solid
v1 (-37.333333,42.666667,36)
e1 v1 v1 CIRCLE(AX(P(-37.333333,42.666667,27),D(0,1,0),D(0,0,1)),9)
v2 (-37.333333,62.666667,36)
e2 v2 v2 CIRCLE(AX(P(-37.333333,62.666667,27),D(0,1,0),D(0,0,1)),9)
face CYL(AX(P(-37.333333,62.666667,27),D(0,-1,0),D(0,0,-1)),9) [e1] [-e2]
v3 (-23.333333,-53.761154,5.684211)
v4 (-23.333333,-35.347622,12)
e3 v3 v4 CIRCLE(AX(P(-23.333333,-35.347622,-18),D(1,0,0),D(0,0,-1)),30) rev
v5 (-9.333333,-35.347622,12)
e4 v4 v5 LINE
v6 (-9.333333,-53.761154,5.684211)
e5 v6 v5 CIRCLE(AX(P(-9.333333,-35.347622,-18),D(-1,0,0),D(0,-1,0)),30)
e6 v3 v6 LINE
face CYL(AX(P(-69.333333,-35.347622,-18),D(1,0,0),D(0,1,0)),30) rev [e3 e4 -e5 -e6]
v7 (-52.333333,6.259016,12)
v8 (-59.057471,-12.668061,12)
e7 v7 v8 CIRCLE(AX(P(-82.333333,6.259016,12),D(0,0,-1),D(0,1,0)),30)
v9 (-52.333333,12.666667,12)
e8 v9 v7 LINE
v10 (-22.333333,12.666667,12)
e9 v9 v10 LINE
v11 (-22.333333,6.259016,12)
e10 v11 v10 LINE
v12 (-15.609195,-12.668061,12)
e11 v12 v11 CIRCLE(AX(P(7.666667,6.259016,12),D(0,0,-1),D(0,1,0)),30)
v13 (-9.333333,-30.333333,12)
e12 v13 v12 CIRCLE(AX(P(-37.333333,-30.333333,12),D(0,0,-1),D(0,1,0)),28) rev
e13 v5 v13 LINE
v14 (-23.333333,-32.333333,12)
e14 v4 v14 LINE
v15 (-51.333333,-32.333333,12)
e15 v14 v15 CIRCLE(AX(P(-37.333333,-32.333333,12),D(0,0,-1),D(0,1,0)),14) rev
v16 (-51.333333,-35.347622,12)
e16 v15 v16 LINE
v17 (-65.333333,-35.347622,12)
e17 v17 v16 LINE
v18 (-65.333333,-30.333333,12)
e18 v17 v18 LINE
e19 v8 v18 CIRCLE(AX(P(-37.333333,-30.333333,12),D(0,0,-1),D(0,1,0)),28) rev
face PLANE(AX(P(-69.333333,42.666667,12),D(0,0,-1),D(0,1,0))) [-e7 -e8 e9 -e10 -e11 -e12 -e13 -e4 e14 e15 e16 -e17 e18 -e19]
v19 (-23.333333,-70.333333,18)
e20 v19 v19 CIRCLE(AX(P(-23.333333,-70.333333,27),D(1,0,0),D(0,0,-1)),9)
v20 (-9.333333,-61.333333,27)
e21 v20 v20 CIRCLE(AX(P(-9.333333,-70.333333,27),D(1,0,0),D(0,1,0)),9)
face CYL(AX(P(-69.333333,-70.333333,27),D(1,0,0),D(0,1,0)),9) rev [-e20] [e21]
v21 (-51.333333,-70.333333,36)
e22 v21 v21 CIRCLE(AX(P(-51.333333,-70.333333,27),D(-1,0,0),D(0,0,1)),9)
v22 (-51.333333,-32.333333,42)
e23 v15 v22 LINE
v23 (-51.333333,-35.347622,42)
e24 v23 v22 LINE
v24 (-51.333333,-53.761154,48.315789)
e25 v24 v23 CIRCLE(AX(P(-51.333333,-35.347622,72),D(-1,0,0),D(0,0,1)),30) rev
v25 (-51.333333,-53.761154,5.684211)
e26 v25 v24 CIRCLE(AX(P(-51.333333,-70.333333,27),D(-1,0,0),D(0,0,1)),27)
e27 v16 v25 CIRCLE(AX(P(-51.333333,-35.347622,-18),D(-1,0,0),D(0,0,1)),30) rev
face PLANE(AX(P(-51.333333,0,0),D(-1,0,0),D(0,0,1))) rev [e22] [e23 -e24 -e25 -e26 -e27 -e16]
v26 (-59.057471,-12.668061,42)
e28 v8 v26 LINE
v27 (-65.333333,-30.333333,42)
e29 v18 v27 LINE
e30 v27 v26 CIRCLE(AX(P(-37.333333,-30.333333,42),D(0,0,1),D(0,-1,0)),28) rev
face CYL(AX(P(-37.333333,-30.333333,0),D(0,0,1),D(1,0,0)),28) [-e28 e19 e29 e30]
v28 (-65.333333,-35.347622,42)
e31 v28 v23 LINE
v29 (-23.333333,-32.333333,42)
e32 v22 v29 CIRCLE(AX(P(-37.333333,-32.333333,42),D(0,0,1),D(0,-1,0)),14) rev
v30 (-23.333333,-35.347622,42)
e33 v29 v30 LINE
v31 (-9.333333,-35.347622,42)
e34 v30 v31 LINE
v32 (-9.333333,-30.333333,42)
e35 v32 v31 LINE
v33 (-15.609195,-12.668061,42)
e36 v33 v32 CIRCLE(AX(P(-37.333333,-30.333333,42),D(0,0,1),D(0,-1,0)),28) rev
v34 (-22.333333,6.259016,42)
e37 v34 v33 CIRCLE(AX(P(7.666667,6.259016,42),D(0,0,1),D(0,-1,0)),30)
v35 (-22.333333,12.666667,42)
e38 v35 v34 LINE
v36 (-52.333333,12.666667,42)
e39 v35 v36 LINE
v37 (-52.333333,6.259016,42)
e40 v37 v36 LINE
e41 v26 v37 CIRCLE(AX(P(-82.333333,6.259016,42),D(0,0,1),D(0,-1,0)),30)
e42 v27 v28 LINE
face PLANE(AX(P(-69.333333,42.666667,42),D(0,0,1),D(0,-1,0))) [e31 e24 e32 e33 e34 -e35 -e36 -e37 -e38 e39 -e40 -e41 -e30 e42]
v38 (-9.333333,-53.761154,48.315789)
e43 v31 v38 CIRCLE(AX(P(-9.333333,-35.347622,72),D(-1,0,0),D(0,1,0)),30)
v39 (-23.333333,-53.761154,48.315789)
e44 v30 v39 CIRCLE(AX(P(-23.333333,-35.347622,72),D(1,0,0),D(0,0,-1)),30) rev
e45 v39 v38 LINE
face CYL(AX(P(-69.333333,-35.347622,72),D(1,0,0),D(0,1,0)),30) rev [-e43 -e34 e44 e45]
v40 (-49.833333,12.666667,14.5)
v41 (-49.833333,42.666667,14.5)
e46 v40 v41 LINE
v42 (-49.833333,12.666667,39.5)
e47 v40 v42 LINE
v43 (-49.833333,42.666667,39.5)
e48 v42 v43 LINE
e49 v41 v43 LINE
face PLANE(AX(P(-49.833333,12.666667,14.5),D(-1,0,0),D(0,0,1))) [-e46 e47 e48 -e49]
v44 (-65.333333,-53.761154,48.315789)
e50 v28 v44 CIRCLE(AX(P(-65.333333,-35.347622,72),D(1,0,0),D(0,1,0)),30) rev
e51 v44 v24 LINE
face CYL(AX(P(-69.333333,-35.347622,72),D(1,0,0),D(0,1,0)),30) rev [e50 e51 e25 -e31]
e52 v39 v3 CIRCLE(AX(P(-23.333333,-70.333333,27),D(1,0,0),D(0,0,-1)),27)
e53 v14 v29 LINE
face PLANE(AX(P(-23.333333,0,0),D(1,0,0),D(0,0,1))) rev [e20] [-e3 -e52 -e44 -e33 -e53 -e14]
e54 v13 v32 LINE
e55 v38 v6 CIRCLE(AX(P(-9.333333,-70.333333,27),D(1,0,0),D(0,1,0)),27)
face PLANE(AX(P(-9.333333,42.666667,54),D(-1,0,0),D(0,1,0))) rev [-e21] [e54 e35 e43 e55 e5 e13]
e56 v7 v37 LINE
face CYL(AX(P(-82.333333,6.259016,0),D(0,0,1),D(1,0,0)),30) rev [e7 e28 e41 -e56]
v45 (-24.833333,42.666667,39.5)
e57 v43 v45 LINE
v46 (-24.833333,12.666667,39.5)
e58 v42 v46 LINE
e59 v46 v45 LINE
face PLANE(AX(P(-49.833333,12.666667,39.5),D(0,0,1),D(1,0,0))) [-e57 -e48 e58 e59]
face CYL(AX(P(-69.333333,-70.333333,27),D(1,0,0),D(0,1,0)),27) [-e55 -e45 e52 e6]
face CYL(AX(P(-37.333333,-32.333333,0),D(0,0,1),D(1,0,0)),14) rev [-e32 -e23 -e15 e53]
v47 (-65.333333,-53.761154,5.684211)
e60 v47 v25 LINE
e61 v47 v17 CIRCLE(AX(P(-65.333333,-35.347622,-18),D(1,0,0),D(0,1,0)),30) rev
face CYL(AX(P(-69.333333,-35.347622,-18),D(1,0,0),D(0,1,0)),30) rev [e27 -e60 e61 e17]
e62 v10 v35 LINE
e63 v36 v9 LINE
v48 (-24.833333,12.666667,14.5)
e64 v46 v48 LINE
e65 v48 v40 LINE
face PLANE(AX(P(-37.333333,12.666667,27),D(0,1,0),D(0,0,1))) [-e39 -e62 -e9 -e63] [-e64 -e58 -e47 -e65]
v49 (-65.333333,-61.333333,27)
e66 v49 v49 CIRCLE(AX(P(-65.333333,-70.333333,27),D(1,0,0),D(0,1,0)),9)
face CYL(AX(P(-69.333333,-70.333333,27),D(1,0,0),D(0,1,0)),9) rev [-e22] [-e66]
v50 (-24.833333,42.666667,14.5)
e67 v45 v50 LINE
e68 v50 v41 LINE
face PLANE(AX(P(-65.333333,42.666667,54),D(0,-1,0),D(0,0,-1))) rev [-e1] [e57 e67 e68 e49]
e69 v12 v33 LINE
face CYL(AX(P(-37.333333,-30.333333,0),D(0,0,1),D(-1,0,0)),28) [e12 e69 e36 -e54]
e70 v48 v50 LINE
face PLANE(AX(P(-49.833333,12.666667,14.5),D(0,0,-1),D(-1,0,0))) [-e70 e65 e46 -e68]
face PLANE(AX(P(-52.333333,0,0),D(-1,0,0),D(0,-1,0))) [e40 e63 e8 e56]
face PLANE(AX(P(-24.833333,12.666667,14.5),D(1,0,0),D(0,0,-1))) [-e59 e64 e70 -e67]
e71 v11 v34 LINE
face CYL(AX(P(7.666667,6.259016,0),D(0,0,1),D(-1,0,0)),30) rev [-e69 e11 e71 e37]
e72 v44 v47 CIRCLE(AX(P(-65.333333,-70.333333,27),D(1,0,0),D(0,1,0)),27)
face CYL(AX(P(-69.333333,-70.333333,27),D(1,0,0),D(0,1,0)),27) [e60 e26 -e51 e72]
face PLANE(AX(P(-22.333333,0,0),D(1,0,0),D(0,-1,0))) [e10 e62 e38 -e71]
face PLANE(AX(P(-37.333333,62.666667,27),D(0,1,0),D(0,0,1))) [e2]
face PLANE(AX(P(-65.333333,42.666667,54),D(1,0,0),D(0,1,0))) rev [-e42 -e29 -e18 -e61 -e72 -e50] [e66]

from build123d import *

# Parameters (mm, degrees)
SKETCH1_W           = 56
SKETCH1_H           = 140
BOSS_EXTRUDE1_DEPTH = 54
CUT_EXTRUDE4_DEPTH  = 54
SKETCH5_OUTSIDE_W   = 88.032
SKETCH5_OUTSIDE_H   = 174.032
SKETCH5_OUTSIDE_R   = 9
CUT_EXTRUDE6_DEPTH  = 60
SKETCH6_OUTSIDE_W   = 90.032
SKETCH6_OUTSIDE_H   = 88.032
SKETCH6_OUTSIDE_W_2 = 25
SKETCH6_OUTSIDE_H_2 = 25
CUT_EXTRUDE7_DEPTH  = 30
SKETCH7_R           = 9
BOSS_EXTRUDE2_DEPTH = 20


with BuildPart() as part:
    # Sketch1 → Boss-Extrude1 (new body)
    with BuildSketch(Plane.XY):
        with Locations((-37.333333333, -27.333333333)):
            Rectangle(SKETCH1_W, SKETCH1_H)
    extrude(amount=BOSS_EXTRUDE1_DEPTH)

    # Sketch2 → Cut-Extrude4 (cut)
    with BuildSketch(Plane.XY.offset(54)):
        with BuildLine():
            Line((-52.333333333, 6.259015594), (-52.333333333, 42.666666667))
            Line((-52.333333333, 42.666666667), (-65.333333333, 42.666666667))
            Line((-65.333333333, 42.666666667), (-65.333333333, -30.333333244))
            ThreePointArc((-65.333333333, -30.333333244), (-63.717759237, -20.959856403), (-59.057471264, -12.668061438))
            ThreePointArc((-59.057471264, -12.668061438), (-54.064305564, -3.783995357), (-52.333333333, 6.259015594))
        make_face()
        with BuildLine():
            Line((-37.333333333, -97.333333333), (-37.333333333, -18.333333333))
            ThreePointArc((-37.333333333, -18.333333333), (-47.23282827, -22.433838397), (-51.333333333, -32.333333333))
            Line((-51.333333333, -32.333333333), (-51.333333333, -54.582044639))
            Line((-51.333333333, -54.582044639), (-51.333333333, -97.333333333))
            Line((-51.333333333, -97.333333333), (-37.333333333, -97.333333333))
        make_face()
        with BuildLine():
            ThreePointArc((-37.333333333, -18.333333333), (-27.433838397, -22.433838397), (-23.333333333, -32.333333333))
            Line((-23.333333333, -32.333333333), (-23.333333333, -97.333333333))
            Line((-23.333333333, -97.333333333), (-9.333333333, -97.333333333))
            Line((-9.333333333, -97.333333333), (-9.333333333, 42.666666667))
            Line((-9.333333333, 42.666666667), (-22.333333333, 42.666666667))
            Line((-22.333333333, 42.666666667), (-37.333333333, 42.666666667))
            Line((-37.333333333, 42.666666667), (-37.333333333, -18.333333333))
        make_face()
        with BuildLine():
            Line((-23.333333333, -97.333333333), (-23.333333333, -32.333333333))
            ThreePointArc((-23.333333333, -32.333333333), (-27.433838397, -22.433838397), (-37.333333333, -18.333333333))
            Line((-37.333333333, -18.333333333), (-37.333333333, -97.333333333))
            Line((-37.333333333, -97.333333333), (-23.333333333, -97.333333333))
        make_face()
    extrude(amount=-CUT_EXTRUDE4_DEPTH, mode=Mode.SUBTRACT)

    # Mirror3: part across plane


with BuildPart() as part_1:
    add(part.part)
    add(part.part.mirror(Plane.ZY.offset(37.333333333)))

    # Sketch5 outside → Cut-Extrude6 (cut)
    # profile 1 of 2: a face of its own
    with BuildSketch(Plane(origin=(-9.333333333, 0, 0), x_dir=(0, 0, -1), z_dir=(1, 0, 0))):
        with Locations((-27, -27.333)):
            Rectangle(SKETCH5_OUTSIDE_W, SKETCH5_OUTSIDE_H)
        with BuildLine():
            Line((-42, 42.666666667), (-12, 42.666666667))
            Line((-12, 42.666666667), (-12, -35.347621964))
            ThreePointArc((-12, -35.347621964), (-10.377159088, -45.080907232), (-5.684210526, -53.761154264))
            ThreePointArc((-5.684210526, -53.761154264), (-27, -97.333333333), (-48.315789474, -53.761154264))
            ThreePointArc((-48.315789474, -53.761154264), (-43.622840912, -45.080907232), (-42, -35.347621964))
            Line((-42, -35.347621964), (-42, 42.666666667))
        make_face(mode=Mode.SUBTRACT)
    # profile 2 of 2: a face of its own
    with BuildSketch(Plane(origin=(-9.333333333, 0, 0), x_dir=(0, 0, -1), z_dir=(1, 0, 0))):
        with Locations(Location((-27, -70.333333333, 0), (0, 0, 90))):
            Circle(SKETCH5_OUTSIDE_R)
    extrude(amount=-CUT_EXTRUDE6_DEPTH, mode=Mode.SUBTRACT)

    # Sketch6 outside → Cut-Extrude7 (cut)
    with BuildSketch(Plane(origin=(0, 42.666666667, 0), x_dir=(1, 0, 0), z_dir=(0, 1, 0))):
        with Locations((-37.333, -27)):
            Rectangle(SKETCH6_OUTSIDE_W, SKETCH6_OUTSIDE_H)
        with Locations((-37.333333333, -27)):
            Rectangle(SKETCH6_OUTSIDE_W_2, SKETCH6_OUTSIDE_H_2, mode=Mode.SUBTRACT)
    extrude(amount=-CUT_EXTRUDE7_DEPTH, mode=Mode.SUBTRACT)

    # Sketch7 → Boss-Extrude2 (add)
    with BuildSketch(Plane(origin=(0, 42.666666667, 0), x_dir=(1, 0, 0), z_dir=(0, 1, 0))):
        with Locations(Location((-37.333333333, -27, 0), (0, 0, 270))):
            Circle(SKETCH7_R)
    extrude(amount=BOSS_EXTRUDE2_DEPTH)


solid = part_1.part
